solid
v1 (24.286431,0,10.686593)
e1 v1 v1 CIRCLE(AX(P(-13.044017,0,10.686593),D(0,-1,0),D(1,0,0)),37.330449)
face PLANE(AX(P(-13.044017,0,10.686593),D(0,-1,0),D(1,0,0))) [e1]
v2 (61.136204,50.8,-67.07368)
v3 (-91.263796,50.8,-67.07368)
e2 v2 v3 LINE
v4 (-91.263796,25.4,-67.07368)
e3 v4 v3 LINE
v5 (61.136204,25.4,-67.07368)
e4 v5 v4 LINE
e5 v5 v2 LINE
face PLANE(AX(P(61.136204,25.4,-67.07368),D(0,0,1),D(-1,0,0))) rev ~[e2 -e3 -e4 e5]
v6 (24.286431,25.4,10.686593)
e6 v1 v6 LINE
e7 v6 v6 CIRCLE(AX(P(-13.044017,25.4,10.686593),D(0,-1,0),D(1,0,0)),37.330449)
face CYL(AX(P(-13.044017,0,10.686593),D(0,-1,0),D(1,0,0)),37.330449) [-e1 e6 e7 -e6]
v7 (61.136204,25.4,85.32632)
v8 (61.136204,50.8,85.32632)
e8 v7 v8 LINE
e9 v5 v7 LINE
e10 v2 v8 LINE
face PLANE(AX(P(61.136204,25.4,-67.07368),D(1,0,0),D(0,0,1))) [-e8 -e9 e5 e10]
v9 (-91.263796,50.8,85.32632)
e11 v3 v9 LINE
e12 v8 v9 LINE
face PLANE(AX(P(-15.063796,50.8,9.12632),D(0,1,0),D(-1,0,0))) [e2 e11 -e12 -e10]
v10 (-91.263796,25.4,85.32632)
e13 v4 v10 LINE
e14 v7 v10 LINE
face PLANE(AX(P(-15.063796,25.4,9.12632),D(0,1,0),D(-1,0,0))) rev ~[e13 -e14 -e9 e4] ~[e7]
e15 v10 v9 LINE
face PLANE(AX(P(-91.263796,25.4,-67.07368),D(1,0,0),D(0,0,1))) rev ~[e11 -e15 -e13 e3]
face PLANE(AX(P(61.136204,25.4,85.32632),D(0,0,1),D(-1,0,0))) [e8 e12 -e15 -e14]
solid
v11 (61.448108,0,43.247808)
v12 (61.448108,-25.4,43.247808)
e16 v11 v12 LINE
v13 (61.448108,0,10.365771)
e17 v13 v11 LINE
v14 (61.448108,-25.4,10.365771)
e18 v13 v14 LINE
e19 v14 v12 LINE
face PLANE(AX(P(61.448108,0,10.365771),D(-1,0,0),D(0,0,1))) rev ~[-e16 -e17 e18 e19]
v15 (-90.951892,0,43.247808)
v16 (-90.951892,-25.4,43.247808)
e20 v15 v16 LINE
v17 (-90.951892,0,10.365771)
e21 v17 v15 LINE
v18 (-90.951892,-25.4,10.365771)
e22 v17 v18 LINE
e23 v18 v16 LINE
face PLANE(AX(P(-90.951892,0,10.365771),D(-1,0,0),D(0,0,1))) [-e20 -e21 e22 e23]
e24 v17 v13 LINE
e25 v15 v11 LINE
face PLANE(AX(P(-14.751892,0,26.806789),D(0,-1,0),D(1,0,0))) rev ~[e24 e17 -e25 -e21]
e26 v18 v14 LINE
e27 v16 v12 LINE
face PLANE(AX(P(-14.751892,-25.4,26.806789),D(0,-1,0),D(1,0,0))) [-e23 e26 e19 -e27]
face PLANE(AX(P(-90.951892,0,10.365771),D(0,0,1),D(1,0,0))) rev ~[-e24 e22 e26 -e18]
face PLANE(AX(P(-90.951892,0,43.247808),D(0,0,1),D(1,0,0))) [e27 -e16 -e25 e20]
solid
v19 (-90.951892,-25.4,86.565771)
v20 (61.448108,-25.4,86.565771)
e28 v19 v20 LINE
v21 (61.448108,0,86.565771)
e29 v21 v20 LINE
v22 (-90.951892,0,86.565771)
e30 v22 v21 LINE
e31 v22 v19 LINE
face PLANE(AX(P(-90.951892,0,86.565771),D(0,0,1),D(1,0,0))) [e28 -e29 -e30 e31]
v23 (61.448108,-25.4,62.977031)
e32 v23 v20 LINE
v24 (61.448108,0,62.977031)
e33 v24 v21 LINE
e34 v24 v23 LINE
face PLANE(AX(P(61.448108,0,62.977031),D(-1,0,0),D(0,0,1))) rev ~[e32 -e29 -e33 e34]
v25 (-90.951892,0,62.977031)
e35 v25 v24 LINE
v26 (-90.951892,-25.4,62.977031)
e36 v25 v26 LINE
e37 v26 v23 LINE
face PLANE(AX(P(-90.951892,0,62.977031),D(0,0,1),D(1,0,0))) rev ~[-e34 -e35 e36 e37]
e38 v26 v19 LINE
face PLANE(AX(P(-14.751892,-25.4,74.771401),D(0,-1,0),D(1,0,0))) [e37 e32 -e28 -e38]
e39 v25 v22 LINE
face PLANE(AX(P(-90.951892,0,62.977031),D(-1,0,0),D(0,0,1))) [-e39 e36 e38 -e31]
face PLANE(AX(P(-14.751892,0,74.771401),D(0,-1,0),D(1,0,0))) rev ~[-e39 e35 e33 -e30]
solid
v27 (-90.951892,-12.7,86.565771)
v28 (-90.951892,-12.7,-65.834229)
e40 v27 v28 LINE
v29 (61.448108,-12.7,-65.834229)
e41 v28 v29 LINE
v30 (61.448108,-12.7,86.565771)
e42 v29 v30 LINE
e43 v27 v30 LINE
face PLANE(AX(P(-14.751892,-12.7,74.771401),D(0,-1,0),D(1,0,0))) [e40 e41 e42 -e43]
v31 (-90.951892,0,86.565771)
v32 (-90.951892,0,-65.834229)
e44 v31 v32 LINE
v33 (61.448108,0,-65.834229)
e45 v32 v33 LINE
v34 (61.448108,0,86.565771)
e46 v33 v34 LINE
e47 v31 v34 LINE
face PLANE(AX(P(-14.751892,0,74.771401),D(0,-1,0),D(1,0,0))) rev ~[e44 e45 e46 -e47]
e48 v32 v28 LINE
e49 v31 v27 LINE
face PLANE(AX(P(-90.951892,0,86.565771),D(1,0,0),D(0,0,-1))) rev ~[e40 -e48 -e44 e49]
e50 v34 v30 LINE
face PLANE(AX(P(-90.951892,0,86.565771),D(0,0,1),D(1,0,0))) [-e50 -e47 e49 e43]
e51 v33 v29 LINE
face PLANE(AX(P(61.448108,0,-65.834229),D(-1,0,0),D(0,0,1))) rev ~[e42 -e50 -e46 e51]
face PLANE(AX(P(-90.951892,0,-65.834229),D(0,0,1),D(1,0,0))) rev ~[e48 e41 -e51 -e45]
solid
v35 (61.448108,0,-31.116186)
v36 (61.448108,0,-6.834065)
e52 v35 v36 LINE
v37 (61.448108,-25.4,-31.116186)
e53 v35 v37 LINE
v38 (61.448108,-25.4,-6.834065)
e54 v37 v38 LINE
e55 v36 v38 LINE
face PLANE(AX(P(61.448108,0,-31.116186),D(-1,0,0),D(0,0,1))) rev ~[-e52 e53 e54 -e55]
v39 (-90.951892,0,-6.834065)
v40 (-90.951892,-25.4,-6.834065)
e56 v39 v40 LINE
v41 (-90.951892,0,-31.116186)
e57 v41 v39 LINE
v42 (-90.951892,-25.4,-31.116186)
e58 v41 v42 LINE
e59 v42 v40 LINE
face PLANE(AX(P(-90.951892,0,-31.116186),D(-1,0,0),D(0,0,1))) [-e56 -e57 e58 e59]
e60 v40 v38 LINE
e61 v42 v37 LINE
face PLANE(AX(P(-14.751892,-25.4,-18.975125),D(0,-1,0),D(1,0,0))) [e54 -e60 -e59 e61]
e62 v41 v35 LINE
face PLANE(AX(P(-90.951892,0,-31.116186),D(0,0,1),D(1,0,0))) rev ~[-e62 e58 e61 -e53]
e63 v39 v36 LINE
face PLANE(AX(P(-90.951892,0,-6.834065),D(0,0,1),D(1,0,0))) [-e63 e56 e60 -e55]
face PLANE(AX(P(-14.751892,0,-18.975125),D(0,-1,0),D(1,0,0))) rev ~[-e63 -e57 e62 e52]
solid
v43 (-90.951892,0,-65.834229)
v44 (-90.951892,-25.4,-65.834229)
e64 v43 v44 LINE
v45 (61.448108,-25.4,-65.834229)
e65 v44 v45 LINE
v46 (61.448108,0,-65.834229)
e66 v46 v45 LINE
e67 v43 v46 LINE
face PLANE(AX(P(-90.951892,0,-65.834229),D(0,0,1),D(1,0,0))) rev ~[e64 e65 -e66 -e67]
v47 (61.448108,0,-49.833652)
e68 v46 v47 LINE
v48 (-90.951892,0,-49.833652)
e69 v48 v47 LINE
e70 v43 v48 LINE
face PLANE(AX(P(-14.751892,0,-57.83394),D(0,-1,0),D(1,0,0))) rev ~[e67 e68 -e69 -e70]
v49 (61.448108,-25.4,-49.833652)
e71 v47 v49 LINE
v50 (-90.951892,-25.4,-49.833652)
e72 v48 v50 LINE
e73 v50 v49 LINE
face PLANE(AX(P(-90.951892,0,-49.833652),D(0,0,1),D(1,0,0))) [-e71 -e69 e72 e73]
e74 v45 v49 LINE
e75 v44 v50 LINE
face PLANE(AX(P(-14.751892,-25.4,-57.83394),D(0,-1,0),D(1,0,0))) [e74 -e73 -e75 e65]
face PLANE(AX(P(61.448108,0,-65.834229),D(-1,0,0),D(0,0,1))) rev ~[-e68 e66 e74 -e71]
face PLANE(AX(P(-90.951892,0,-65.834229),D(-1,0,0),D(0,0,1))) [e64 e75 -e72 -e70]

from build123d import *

# Parameters (mm, degrees)
F0_W     = 152.4
F0_H     = 23.5887402564
F1_DEPTH = 25.4
F0_H_2   = 16.0005772382
F0_H_3   = 32.8820366412
F0_H_4   = 24.2821210995
F0_H_5   = 19.7292231023
F0_H_6   = 17.19983574
F0_H_7   = 18.7174659222
F2_DEPTH = 12.7
F3_R     = 37.3304487393
F4_DEPTH = 25.4
F5_W     = 152.4
F5_H     = 152.4
F6_DEPTH = 25.4


with BuildPart() as f1:
    # F0 (on Front) → F1 (new body)
    with BuildSketch(Plane.XZ):
        with Locations((-14.7518922557, 74.7714010015)):
            Rectangle(F0_W, F0_H)
    extrude(amount=F1_DEPTH)


with BuildPart() as f1b:
    # F0 (on Front) → F1, piece 2 (new body)
    with BuildSketch(Plane.XZ):
        with Locations((-14.7518922557, -57.8339402512)):
            Rectangle(F0_W, F0_H_2)
    extrude(amount=F1_DEPTH)


with BuildPart() as f1c:
    # F0 (on Front) → F1, piece 3 (new body)
    with BuildSketch(Plane.XZ):
        with Locations((-14.7518922557, 26.8067894503)):
            Rectangle(F0_W, F0_H_3)
    extrude(amount=F1_DEPTH)


with BuildPart() as f1d:
    # F0 (on Front) → F1, piece 4 (new body)
    with BuildSketch(Plane.XZ):
        with Locations((-14.7518922557, -18.9751251601)):
            Rectangle(F0_W, F0_H_4)
    extrude(amount=F1_DEPTH)


with BuildPart() as f2:
    # F0 (on Front) → F2 (new body)
    with BuildSketch(Plane.XZ):
        with Locations((-14.7518922557, 74.7714010015)):
            Rectangle(F0_W, F0_H)
        with Locations((-14.7518922557, 53.1124193221)):
            Rectangle(F0_W, F0_H_5)
        with Locations((-14.7518922557, 26.8067894503)):
            Rectangle(F0_W, F0_H_3)
        with Locations((-14.7518922557, 1.7658532597)):
            Rectangle(F0_W, F0_H_6)
        with Locations((-14.7518922557, -18.9751251601)):
            Rectangle(F0_W, F0_H_4)
        with Locations((-14.7518922557, -40.474918671)):
            Rectangle(F0_W, F0_H_7)
        with Locations((-14.7518922557, -57.8339402512)):
            Rectangle(F0_W, F0_H_2)
    extrude(amount=F2_DEPTH)


with BuildPart() as f4:
    # F3 (on Front) → F4 (new body)
    with BuildSketch(Plane.XZ):
        with Locations((-13.0440173671, 10.6865931302)):
            Circle(F3_R)
    extrude(amount=-F4_DEPTH)

    # F5 (on face) → F6 (join)
    with BuildSketch(Plane(origin=(0, 25.4, 0), x_dir=(-1, 0, 0), z_dir=(0, 1, 0))):
        with Locations((15.0637961924, 9.1263204205)):
            Rectangle(F5_W, F5_H)
    extrude(amount=F6_DEPTH)


solid = Compound([f1.part, f1b.part, f1c.part, f1d.part, f2.part, f4.part])
